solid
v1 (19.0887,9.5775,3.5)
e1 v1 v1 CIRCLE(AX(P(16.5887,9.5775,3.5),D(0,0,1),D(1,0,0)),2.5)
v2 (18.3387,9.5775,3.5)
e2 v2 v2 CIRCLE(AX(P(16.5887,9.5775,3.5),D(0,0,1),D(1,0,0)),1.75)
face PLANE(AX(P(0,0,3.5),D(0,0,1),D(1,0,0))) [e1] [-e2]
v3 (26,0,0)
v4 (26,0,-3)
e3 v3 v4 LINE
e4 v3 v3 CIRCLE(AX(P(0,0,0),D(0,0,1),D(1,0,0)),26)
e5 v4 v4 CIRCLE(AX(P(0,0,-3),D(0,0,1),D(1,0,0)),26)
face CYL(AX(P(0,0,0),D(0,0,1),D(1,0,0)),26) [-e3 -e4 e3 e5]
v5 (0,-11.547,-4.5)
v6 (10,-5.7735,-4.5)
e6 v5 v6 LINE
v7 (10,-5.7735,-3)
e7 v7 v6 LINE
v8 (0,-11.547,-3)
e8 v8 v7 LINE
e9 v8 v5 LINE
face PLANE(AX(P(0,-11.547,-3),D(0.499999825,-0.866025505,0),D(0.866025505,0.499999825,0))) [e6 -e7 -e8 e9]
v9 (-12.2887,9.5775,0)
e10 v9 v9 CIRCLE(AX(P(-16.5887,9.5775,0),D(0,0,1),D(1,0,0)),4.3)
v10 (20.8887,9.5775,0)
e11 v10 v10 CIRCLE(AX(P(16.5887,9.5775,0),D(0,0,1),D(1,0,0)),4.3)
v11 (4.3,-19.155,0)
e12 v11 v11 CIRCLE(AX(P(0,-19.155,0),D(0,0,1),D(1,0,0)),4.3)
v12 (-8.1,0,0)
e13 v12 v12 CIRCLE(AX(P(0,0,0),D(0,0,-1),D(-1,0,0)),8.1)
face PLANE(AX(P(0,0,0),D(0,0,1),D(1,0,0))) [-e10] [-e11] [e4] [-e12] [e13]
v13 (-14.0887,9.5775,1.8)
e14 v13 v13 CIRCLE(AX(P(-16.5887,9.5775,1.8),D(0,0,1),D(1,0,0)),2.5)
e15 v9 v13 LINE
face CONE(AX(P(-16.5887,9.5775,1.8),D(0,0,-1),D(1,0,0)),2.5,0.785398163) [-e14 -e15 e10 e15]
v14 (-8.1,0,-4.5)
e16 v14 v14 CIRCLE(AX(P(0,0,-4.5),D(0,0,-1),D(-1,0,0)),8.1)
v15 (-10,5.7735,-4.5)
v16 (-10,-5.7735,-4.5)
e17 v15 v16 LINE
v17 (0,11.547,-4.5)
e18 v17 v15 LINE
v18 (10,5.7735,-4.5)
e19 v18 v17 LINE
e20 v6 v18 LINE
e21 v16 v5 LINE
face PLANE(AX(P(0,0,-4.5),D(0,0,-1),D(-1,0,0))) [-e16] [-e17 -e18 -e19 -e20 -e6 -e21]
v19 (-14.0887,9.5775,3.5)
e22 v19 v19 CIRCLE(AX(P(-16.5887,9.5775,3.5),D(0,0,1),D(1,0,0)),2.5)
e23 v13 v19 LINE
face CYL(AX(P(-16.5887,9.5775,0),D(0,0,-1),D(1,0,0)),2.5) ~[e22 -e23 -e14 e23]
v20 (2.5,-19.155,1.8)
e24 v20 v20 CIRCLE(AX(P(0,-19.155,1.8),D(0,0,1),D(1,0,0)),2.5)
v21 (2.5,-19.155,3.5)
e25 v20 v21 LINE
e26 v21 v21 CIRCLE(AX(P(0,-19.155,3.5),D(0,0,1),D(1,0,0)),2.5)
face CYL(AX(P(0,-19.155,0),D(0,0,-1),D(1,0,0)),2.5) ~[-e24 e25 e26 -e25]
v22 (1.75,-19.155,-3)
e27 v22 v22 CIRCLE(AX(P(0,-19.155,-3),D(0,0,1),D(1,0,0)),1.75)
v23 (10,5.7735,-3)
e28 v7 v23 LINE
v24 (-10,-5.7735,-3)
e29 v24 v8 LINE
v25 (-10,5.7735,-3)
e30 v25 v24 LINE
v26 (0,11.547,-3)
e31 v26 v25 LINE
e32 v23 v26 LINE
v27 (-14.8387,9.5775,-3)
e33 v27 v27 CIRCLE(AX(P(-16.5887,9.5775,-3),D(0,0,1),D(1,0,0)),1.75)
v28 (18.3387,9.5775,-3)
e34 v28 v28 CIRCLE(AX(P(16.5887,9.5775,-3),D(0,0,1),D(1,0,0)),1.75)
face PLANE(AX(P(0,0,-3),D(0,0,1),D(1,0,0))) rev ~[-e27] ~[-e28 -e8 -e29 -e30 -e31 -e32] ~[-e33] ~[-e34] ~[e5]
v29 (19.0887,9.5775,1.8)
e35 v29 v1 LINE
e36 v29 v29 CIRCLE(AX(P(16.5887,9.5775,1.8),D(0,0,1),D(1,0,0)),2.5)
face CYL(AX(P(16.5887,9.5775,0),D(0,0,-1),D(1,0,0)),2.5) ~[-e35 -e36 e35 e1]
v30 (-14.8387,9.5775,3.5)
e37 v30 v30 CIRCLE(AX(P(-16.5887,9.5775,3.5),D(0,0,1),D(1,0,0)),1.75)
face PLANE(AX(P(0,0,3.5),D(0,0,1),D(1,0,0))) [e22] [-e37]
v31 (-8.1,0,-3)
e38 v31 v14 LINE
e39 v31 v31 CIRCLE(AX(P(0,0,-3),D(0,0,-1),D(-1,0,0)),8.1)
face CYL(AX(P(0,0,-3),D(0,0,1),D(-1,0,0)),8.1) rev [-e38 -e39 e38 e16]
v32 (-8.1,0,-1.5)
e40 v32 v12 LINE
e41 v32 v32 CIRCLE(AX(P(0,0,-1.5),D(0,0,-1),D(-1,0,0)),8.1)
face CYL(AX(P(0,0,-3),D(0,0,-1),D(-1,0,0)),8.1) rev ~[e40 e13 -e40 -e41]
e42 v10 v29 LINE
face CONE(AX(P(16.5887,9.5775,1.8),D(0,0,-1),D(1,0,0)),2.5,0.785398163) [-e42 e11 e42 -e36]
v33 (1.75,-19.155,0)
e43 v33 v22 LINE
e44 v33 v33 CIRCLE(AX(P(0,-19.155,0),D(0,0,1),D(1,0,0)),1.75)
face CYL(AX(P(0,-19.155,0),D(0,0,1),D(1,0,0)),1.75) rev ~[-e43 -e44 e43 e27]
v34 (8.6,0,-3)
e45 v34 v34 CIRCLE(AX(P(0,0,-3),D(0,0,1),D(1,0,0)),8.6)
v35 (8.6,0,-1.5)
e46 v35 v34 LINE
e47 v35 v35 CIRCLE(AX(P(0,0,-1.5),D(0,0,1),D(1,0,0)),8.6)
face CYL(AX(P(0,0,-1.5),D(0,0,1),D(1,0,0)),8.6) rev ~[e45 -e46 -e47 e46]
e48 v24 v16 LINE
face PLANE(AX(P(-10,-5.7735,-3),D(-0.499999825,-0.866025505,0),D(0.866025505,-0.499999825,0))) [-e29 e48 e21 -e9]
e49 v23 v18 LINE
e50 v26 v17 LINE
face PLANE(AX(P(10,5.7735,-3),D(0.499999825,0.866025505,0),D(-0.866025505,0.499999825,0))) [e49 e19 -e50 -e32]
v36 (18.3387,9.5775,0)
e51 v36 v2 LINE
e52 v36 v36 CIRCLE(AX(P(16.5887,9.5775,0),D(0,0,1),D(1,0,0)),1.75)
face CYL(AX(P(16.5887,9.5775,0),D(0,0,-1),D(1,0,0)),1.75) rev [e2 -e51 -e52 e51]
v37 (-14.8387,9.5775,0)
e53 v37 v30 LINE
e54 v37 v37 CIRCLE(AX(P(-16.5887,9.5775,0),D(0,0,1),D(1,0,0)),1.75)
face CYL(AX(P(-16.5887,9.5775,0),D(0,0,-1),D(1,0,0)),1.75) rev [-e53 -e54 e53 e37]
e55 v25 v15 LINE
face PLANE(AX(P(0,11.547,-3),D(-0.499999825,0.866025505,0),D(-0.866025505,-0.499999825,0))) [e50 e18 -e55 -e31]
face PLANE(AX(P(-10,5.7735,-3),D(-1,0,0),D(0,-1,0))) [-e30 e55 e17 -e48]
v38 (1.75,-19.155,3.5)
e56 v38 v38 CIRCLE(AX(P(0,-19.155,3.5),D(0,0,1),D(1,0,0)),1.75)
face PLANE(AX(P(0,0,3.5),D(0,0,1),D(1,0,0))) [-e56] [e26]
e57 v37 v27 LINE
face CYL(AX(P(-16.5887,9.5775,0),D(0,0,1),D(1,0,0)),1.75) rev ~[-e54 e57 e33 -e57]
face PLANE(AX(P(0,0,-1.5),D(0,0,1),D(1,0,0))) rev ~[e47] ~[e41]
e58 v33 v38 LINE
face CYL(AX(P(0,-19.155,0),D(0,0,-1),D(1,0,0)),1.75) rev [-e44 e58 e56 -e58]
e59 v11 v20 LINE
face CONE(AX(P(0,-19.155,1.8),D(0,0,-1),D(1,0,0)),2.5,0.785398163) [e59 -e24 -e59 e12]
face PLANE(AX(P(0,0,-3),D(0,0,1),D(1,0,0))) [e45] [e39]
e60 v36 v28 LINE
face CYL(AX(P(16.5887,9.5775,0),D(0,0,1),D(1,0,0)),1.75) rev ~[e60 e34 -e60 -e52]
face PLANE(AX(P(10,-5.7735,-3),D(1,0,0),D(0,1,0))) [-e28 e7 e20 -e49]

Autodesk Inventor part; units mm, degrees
ref_plane "YZ Plane" through (0, 0, 0) normal (1, 0, 0) x (0, 1, 0)
ref_plane "XZ Plane" through (0, 0, 0) normal (0, 1, 0) x (-1, 0, 0)
sketch "Sketch3" plane through (0, 0, 0) normal (0, 0, 1) x (1, 0, 0)
  circle A0 centre (0, 0) radius 26
  dimension "d11" = 52
sketch "Sketch4" plane through (0, 0, 0) normal (0, 0, 1) x (1, 0, 0)
  circle A0 centre (0, -19.155) radius 1.75
  circle A1 centre (0, -19.155) radius 2.5
  circle A2 centre (0, -19.155) radius 5
  circle A3 centre (16.5887, 9.5775) radius 1.75
  circle A4 centre (16.5887, 9.5775) radius 2.5
  circle A5 centre (16.5887, 9.5775) radius 5
  circle A6 centre (-16.5887, 9.5775) radius 1.75
  circle A7 centre (-16.5887, 9.5775) radius 2.5
  circle A8 centre (-16.5887, 9.5775) radius 5
  point P0 (0, 0)
  dimension "d12" = 3.5
  dimension "d13" = 5
  dimension "d14" = 19.155
  dimension "d15" = 10
  dimension "d18" = 360
extrude "Extrusion1" add sketch "Sketch3" against normal blind 3
extrude "Extrusion3" add sketch "Sketch4" along normal blind 3.5 contours A1 | A4 | A7
chamfer "Chamfer1" distance 1.8 angle 45 3 edges at (14.0887, 9.5775, 0) (-19.0887, 9.5775, 0) (-2.5, -19.155, 0)
sketch "Sketch5" plane through (0, 0, -3) normal (0, 0, -1) x (-1, 0, 0)
  circle A0 centre (0, 0) radius 8.1
  dimension "d30" = 16.2
extrude "Extrusion4" cut sketch "Sketch5" against normal up to next
extrude "Extrusion8" cut sketch "Sketch4" against normal through all contours A0 | A3 | A6
sketch "Sketch8" plane through (0, 0, -3) normal (0, 0, -1) x (-1, 0, 0)
  circle A0 centre (0, 0) radius 8.1
  circle A1 centre (0, 0) radius 8.1 projected
  line L0 (10, 5.7735) -> (10, -5.7735)
  line L1 (10, -5.7735) -> (0, -11.547)
  line L2 (0, -11.547) -> (-10, -5.7735)
  line L3 (-10, -5.7735) -> (-10, 5.7735)
  line L4 (-10, 5.7735) -> (0, 11.547)
  line L5 (0, 11.547) -> (10, 5.7735)
  dimension "d46" = 10
  dimension "d53" = 16.2
extrude "Extrusion10" add sketch "Sketch8" along normal blind 1.5
sketch "Sketch9" plane through (0, 0, 0) normal (0, 0, 1) x (1, 0, 0)
  circle A0 centre (0, 0) radius 8.0468
  circle A1 centre (0, 0) radius 8.6
  dimension "d49" = 17.2
ref_plane "Work Plane2" through (0, 0, -1.5) normal (0, 0, 1) x (1, 0, 0)
extrude "Extrusion11" cut sketch "Sketch9" against normal blind 1.5 from surface at -1.5
properties part number "Planet Carrier"
